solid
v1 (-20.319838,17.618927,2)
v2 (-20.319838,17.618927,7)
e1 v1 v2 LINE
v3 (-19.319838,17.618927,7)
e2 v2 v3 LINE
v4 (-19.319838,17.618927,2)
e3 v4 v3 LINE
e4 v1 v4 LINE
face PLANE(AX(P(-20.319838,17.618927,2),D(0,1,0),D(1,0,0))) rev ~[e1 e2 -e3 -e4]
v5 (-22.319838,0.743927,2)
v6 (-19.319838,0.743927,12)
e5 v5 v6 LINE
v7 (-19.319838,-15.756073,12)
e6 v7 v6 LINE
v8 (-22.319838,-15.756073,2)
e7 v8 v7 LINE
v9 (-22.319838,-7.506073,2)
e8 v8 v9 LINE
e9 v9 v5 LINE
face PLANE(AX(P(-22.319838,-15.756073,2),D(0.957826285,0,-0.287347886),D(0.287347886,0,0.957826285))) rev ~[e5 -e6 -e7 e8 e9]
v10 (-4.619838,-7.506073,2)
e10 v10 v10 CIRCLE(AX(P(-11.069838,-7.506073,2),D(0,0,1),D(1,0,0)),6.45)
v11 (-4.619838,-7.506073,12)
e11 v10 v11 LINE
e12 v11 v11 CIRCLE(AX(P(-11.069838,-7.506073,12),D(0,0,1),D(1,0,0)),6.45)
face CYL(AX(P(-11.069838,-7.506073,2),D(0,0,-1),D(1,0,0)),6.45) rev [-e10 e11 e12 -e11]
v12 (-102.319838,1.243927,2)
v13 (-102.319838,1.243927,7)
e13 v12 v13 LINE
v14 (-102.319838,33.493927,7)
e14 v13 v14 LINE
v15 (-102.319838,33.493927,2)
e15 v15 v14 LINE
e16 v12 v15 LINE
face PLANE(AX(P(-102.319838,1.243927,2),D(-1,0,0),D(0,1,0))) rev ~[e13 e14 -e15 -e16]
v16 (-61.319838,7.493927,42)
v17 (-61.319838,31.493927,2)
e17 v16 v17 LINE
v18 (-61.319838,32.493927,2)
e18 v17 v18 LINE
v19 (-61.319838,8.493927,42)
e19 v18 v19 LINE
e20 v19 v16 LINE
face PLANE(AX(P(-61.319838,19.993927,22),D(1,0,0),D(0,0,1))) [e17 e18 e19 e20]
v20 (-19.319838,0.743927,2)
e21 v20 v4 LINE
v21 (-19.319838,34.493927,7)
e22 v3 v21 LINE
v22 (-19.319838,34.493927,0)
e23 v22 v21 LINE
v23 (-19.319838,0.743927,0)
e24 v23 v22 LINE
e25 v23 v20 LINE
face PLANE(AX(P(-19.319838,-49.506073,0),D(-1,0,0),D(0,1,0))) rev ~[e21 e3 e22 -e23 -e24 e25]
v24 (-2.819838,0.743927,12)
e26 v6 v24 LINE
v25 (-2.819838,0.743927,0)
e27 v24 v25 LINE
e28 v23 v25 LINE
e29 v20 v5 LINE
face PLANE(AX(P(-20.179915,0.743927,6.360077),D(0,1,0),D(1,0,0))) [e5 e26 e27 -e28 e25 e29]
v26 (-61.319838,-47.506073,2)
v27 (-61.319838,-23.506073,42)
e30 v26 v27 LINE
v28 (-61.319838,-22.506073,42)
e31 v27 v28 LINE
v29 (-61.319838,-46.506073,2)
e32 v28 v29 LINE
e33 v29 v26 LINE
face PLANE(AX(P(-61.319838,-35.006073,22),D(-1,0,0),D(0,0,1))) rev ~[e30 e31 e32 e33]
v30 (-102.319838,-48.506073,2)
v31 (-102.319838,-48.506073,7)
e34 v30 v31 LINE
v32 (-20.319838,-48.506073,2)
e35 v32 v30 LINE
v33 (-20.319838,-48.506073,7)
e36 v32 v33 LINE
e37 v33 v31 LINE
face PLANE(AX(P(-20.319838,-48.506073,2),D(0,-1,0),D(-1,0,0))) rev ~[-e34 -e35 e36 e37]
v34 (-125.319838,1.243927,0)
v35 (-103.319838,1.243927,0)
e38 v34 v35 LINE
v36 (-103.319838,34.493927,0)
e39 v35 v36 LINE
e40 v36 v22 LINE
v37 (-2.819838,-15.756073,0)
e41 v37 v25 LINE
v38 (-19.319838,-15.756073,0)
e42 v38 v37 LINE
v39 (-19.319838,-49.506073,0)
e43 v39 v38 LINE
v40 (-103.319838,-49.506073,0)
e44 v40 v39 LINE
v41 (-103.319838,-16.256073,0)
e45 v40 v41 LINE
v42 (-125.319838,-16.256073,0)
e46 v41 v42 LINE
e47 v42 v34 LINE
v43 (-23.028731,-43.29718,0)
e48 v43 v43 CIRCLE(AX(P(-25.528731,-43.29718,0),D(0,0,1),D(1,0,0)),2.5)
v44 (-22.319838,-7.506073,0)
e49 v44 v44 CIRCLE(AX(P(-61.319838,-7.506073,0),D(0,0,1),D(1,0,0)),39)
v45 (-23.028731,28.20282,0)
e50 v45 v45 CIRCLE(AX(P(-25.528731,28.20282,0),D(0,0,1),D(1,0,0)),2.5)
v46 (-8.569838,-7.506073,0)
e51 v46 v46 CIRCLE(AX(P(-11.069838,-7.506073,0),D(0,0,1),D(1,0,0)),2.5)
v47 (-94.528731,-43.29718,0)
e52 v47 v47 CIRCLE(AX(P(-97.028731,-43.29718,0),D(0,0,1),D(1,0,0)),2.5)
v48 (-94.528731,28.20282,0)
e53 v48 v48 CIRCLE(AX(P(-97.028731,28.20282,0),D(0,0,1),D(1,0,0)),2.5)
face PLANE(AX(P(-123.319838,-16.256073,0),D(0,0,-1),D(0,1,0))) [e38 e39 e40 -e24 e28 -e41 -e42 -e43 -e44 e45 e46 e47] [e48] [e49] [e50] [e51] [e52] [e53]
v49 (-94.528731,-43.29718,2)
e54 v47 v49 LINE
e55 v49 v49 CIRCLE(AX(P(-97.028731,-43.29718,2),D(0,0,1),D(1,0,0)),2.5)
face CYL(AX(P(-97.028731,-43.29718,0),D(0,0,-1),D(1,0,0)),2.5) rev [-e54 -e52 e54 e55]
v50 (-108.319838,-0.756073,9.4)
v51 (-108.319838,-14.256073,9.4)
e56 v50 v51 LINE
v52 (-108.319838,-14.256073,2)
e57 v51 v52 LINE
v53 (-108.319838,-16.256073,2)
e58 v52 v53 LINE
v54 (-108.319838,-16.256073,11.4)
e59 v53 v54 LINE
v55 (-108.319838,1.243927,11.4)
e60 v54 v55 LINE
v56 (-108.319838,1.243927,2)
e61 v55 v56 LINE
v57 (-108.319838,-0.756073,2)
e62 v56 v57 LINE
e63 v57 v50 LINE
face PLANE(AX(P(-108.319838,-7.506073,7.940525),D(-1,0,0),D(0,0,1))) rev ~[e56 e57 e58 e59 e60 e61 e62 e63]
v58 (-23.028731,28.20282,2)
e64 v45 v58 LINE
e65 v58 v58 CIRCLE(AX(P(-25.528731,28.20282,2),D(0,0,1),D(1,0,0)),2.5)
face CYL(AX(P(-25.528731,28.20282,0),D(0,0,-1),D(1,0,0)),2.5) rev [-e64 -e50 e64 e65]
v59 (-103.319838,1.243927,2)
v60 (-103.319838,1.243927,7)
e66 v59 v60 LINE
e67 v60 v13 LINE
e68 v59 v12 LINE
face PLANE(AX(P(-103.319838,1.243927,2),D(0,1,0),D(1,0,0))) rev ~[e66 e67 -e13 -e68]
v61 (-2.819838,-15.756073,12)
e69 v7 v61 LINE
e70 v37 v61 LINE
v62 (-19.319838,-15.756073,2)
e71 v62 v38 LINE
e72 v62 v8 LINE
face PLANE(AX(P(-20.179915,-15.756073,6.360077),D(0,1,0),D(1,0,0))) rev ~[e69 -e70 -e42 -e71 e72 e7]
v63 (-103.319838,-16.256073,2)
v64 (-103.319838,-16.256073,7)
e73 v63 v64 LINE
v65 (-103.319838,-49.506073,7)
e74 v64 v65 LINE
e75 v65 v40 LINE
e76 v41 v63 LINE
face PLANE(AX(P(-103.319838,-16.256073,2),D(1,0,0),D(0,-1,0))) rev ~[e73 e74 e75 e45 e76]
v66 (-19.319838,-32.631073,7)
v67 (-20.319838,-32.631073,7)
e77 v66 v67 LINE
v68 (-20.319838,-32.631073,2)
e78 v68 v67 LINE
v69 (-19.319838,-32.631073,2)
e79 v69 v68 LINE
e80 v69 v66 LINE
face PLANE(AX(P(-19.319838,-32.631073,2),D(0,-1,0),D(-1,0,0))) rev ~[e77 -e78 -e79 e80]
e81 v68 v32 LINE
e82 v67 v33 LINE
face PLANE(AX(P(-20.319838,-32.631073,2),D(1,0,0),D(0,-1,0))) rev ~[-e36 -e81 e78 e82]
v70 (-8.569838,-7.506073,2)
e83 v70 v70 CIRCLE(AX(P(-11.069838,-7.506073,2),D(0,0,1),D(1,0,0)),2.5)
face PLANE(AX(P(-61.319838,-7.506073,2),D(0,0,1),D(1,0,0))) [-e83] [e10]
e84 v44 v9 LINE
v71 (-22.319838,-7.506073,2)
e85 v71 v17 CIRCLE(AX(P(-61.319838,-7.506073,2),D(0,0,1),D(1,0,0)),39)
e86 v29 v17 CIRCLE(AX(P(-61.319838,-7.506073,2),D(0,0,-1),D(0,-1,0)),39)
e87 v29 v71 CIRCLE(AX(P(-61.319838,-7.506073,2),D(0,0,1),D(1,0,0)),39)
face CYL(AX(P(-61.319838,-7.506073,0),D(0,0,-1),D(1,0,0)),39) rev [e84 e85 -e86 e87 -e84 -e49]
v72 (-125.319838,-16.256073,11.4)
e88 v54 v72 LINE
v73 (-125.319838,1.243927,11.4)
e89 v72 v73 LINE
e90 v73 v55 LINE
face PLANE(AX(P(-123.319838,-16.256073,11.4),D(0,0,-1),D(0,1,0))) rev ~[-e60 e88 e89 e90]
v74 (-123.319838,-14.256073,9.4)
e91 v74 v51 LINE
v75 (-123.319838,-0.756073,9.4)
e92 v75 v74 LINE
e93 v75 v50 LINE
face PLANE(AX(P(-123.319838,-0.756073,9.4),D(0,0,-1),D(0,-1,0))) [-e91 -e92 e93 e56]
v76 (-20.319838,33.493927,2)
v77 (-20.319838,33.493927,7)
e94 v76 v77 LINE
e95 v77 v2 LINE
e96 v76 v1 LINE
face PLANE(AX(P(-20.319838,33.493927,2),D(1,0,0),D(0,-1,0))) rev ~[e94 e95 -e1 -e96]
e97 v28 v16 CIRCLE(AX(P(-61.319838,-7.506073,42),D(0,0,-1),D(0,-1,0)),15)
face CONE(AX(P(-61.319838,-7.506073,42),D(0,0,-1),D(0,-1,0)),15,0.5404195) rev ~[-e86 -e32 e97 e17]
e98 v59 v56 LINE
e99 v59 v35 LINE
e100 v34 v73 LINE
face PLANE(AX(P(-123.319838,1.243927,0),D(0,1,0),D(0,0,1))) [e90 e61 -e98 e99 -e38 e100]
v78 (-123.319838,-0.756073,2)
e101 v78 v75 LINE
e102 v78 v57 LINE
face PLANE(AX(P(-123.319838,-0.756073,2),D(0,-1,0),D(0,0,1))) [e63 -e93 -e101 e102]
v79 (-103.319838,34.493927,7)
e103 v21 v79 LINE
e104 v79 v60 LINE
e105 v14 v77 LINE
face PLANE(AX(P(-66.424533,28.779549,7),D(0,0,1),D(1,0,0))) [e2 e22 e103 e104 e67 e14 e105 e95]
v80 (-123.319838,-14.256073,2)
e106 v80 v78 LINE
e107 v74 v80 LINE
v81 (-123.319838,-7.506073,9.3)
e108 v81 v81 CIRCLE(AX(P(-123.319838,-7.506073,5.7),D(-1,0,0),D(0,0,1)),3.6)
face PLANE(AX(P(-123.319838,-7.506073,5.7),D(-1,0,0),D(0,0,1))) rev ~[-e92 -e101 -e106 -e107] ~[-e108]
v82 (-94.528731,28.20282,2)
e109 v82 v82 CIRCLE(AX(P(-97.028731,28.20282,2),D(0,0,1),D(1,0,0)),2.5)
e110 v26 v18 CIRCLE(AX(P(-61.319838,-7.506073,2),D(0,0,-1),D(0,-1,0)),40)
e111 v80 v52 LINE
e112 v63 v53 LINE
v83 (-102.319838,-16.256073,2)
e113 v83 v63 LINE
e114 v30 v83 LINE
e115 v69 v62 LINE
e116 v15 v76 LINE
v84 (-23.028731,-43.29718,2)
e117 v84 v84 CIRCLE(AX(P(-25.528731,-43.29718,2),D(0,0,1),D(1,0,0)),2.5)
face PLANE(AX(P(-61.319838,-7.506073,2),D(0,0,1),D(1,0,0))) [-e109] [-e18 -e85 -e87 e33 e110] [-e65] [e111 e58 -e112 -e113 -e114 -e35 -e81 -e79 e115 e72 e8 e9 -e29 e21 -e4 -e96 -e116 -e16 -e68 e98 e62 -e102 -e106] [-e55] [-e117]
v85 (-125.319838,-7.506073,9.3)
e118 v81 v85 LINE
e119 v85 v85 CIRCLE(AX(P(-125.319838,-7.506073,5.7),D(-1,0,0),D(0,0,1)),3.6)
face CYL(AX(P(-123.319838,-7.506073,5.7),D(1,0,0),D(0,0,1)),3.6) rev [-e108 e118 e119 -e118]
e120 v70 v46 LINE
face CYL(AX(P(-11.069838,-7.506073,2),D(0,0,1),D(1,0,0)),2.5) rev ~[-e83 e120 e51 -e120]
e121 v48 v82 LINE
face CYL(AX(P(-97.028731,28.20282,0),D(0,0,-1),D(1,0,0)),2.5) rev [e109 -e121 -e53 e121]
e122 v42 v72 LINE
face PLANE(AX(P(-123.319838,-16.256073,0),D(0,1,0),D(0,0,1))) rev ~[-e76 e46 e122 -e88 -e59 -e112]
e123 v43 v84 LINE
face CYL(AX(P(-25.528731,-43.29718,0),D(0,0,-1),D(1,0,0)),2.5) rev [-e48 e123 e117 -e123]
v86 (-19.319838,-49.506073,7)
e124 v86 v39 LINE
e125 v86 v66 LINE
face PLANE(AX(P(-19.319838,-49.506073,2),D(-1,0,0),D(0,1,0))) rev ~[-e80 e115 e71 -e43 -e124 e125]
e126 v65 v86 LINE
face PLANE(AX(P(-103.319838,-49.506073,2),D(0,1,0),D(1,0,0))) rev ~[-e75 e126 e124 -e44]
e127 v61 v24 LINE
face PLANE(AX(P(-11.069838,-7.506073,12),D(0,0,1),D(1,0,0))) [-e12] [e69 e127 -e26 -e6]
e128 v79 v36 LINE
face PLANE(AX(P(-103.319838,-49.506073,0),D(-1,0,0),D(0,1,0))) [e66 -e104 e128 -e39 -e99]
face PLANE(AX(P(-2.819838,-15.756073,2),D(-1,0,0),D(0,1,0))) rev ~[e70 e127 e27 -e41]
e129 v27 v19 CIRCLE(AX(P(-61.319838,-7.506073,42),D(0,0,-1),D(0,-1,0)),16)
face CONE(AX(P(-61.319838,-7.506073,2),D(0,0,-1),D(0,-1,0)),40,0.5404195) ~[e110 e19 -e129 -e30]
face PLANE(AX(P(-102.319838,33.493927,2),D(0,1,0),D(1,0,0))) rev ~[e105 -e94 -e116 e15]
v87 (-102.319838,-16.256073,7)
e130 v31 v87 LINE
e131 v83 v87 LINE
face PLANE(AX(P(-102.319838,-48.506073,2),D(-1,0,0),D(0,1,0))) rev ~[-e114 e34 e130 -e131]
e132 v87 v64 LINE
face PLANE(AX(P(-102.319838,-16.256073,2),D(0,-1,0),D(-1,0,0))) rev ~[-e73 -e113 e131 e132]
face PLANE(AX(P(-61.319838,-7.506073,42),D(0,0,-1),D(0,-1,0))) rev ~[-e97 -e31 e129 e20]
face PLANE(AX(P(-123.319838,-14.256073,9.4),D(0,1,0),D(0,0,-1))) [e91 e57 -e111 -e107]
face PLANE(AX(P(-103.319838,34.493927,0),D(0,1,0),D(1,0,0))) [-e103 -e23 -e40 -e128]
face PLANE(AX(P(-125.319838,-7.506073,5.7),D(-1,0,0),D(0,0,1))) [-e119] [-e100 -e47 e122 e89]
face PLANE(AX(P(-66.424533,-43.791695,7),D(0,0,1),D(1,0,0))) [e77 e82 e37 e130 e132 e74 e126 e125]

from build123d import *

# Parameters (mm, degrees)
CROQUIS1_W              = 84
CROQUIS1_H              = 84
CROQUIS1_R              = 39
CROQUIS1_R_2            = 2.5
SALIENTE_EXTRUIR1_DEPTH = 2
REVOLUCI_N2_ANGLE       = 180
SALIENTE_EXTRUIR2_DEPTH = 20
SALIENTE_EXTRUIR3_DEPTH = 15
CROQUIS8_W              = 11.4
CROQUIS8_H              = 17.5
CROQUIS8_R              = 3.6
SALIENTE_EXTRUIR4_DEPTH = 2
SALIENTE_EXTRUIR5_DEPTH = 16.5
CROQUIS10_W             = 16.5
CROQUIS10_H             = 16.5
CROQUIS10_R             = 6.45
SALIENTE_EXTRUIR6_DEPTH = 10
SALIENTE_EXTRUIR7_START = -16.5
SALIENTE_EXTRUIR7_DEPTH = 16.5
SALIENTE_EXTRUIR8_DEPTH = 5
CROQUIS13_R             = 2.5
CORTAR_EXTRUIR1_DEPTH   = 2


with BuildPart() as part:
    # Croquis1 → Saliente-Extruir1 (new body)
    with BuildSketch(Plane.XY):
        with Locations((-61.319838057, -7.506072874)):
            Rectangle(CROQUIS1_W, CROQUIS1_H)
        with Locations((-61.319838057, -7.506072874)):
            Circle(CROQUIS1_R, mode=Mode.SUBTRACT)
        with Locations((-97.028730507, 28.202819575)):
            Circle(CROQUIS1_R_2, mode=Mode.SUBTRACT)
        with Locations((-25.528730507, 28.202819575)):
            Circle(CROQUIS1_R_2, mode=Mode.SUBTRACT)
        with Locations((-25.528730507, -43.297180425)):
            Circle(CROQUIS1_R_2, mode=Mode.SUBTRACT)
        with Locations((-97.028730507, -43.297180425)):
            Circle(CROQUIS1_R_2, mode=Mode.SUBTRACT)
    extrude(amount=SALIENTE_EXTRUIR1_DEPTH)

    # Croquis4 → Revolución2 (revolve)
    with BuildSketch(Plane(origin=(-61.319838057, -49.506072874, 2), x_dir=(0, 0, -1), z_dir=(1, 0, 0))):
        Polygon((-40, 27), (0, 3), (0, 2), (-40, 26), align=None)
    revolve(axis=Axis((-61.319838057, -7.506072874, 2), (0, 0, -1)), revolution_arc=REVOLUCI_N2_ANGLE)

    # Croquis6 → Saliente-Extruir2 (add)
    with BuildSketch(Plane.ZY.offset(103.319838057)):
        Polygon((0, -7.506072874), (0, -16.256072874), (2, -16.256072874), (2, 1.243927126), (0, 1.243927126), align=None)
    extrude(amount=SALIENTE_EXTRUIR2_DEPTH)

    # Croquis7 → Saliente-Extruir3 (add)
    with BuildSketch(Plane.ZY.offset(123.319838057)):
        Polygon((11.4, 1.243927126), (2, 1.243927126), (2, -0.756072874), (9.4, -0.756072874), (9.4, -14.256072874), (2, -14.256072874), (2, -16.256072874), (11.4, -16.256072874), align=None)
    extrude(amount=-SALIENTE_EXTRUIR3_DEPTH)

    # Croquis8 → Saliente-Extruir4 (add)
    with BuildSketch(Plane.ZY.offset(123.319838057)):
        with Locations((5.7, -7.506072874)):
            Rectangle(CROQUIS8_W, CROQUIS8_H)
        with Locations((5.7, -7.506072874)):
            Circle(CROQUIS8_R, mode=Mode.SUBTRACT)
    extrude(amount=SALIENTE_EXTRUIR4_DEPTH)

    # Croquis9 → Saliente-Extruir5 (add)
    with BuildSketch(Plane(origin=(-19.319838057, 0, 0), x_dir=(0, 0, -1), z_dir=(1, 0, 0))):
        Polygon((0, -7.506072874), (0, 0.743927126), (-2, 0.743927126), (-2, -15.756072874), (0, -15.756072874), align=None)
    extrude(amount=SALIENTE_EXTRUIR5_DEPTH)

    # Croquis10 → Saliente-Extruir6 (add)
    with BuildSketch(Plane.XY.offset(2)):
        with Locations((-11.069838057, -7.506072874)):
            Rectangle(CROQUIS10_W, CROQUIS10_H)
        with Locations((-11.069838057, -7.506072874)):
            Circle(CROQUIS10_R, mode=Mode.SUBTRACT)
    extrude(amount=SALIENTE_EXTRUIR6_DEPTH)

    # Croquis11 → Saliente-Extruir7 (add)
    with BuildSketch(Plane(origin=(0, 0.743927126, 0), x_dir=(1, 0, 0), z_dir=(0, 1, 0)).offset(SALIENTE_EXTRUIR7_START)):
        Polygon((-19.319838057, -12), (-19.319838057, -2), (-22.319838057, -2), align=None)
    extrude(amount=SALIENTE_EXTRUIR7_DEPTH)

    # Croquis12 → Saliente-Extruir8 (add)
    with BuildSketch(Plane.XY.offset(2)):
        Polygon((-19.319838057, -32.631072874), (-20.319838057, -32.631072874), (-20.319838057, -48.506072874), (-102.319838057, -48.506072874), (-102.319838057, -16.256072874), (-103.319838057, -16.256072874), (-103.319838057, -49.506072874), (-19.319838057, -49.506072874), align=None)
        Polygon((-19.319838057, 34.493927126), (-103.319838057, 34.493927126), (-103.319838057, 1.243927126), (-102.319838057, 1.243927126), (-102.319838057, 33.493927126), (-20.319838057, 33.493927126), (-20.319838057, 17.618927126), (-19.319838057, 17.618927126), align=None)
    extrude(amount=SALIENTE_EXTRUIR8_DEPTH)

    # Croquis13 → Cortar-Extruir1 (cut)
    with BuildSketch(Plane.XY.offset(2)):
        with Locations((-11.069838057, -7.506072874)):
            Circle(CROQUIS13_R)
    extrude(amount=-CORTAR_EXTRUIR1_DEPTH, mode=Mode.SUBTRACT)


solid = part.part
